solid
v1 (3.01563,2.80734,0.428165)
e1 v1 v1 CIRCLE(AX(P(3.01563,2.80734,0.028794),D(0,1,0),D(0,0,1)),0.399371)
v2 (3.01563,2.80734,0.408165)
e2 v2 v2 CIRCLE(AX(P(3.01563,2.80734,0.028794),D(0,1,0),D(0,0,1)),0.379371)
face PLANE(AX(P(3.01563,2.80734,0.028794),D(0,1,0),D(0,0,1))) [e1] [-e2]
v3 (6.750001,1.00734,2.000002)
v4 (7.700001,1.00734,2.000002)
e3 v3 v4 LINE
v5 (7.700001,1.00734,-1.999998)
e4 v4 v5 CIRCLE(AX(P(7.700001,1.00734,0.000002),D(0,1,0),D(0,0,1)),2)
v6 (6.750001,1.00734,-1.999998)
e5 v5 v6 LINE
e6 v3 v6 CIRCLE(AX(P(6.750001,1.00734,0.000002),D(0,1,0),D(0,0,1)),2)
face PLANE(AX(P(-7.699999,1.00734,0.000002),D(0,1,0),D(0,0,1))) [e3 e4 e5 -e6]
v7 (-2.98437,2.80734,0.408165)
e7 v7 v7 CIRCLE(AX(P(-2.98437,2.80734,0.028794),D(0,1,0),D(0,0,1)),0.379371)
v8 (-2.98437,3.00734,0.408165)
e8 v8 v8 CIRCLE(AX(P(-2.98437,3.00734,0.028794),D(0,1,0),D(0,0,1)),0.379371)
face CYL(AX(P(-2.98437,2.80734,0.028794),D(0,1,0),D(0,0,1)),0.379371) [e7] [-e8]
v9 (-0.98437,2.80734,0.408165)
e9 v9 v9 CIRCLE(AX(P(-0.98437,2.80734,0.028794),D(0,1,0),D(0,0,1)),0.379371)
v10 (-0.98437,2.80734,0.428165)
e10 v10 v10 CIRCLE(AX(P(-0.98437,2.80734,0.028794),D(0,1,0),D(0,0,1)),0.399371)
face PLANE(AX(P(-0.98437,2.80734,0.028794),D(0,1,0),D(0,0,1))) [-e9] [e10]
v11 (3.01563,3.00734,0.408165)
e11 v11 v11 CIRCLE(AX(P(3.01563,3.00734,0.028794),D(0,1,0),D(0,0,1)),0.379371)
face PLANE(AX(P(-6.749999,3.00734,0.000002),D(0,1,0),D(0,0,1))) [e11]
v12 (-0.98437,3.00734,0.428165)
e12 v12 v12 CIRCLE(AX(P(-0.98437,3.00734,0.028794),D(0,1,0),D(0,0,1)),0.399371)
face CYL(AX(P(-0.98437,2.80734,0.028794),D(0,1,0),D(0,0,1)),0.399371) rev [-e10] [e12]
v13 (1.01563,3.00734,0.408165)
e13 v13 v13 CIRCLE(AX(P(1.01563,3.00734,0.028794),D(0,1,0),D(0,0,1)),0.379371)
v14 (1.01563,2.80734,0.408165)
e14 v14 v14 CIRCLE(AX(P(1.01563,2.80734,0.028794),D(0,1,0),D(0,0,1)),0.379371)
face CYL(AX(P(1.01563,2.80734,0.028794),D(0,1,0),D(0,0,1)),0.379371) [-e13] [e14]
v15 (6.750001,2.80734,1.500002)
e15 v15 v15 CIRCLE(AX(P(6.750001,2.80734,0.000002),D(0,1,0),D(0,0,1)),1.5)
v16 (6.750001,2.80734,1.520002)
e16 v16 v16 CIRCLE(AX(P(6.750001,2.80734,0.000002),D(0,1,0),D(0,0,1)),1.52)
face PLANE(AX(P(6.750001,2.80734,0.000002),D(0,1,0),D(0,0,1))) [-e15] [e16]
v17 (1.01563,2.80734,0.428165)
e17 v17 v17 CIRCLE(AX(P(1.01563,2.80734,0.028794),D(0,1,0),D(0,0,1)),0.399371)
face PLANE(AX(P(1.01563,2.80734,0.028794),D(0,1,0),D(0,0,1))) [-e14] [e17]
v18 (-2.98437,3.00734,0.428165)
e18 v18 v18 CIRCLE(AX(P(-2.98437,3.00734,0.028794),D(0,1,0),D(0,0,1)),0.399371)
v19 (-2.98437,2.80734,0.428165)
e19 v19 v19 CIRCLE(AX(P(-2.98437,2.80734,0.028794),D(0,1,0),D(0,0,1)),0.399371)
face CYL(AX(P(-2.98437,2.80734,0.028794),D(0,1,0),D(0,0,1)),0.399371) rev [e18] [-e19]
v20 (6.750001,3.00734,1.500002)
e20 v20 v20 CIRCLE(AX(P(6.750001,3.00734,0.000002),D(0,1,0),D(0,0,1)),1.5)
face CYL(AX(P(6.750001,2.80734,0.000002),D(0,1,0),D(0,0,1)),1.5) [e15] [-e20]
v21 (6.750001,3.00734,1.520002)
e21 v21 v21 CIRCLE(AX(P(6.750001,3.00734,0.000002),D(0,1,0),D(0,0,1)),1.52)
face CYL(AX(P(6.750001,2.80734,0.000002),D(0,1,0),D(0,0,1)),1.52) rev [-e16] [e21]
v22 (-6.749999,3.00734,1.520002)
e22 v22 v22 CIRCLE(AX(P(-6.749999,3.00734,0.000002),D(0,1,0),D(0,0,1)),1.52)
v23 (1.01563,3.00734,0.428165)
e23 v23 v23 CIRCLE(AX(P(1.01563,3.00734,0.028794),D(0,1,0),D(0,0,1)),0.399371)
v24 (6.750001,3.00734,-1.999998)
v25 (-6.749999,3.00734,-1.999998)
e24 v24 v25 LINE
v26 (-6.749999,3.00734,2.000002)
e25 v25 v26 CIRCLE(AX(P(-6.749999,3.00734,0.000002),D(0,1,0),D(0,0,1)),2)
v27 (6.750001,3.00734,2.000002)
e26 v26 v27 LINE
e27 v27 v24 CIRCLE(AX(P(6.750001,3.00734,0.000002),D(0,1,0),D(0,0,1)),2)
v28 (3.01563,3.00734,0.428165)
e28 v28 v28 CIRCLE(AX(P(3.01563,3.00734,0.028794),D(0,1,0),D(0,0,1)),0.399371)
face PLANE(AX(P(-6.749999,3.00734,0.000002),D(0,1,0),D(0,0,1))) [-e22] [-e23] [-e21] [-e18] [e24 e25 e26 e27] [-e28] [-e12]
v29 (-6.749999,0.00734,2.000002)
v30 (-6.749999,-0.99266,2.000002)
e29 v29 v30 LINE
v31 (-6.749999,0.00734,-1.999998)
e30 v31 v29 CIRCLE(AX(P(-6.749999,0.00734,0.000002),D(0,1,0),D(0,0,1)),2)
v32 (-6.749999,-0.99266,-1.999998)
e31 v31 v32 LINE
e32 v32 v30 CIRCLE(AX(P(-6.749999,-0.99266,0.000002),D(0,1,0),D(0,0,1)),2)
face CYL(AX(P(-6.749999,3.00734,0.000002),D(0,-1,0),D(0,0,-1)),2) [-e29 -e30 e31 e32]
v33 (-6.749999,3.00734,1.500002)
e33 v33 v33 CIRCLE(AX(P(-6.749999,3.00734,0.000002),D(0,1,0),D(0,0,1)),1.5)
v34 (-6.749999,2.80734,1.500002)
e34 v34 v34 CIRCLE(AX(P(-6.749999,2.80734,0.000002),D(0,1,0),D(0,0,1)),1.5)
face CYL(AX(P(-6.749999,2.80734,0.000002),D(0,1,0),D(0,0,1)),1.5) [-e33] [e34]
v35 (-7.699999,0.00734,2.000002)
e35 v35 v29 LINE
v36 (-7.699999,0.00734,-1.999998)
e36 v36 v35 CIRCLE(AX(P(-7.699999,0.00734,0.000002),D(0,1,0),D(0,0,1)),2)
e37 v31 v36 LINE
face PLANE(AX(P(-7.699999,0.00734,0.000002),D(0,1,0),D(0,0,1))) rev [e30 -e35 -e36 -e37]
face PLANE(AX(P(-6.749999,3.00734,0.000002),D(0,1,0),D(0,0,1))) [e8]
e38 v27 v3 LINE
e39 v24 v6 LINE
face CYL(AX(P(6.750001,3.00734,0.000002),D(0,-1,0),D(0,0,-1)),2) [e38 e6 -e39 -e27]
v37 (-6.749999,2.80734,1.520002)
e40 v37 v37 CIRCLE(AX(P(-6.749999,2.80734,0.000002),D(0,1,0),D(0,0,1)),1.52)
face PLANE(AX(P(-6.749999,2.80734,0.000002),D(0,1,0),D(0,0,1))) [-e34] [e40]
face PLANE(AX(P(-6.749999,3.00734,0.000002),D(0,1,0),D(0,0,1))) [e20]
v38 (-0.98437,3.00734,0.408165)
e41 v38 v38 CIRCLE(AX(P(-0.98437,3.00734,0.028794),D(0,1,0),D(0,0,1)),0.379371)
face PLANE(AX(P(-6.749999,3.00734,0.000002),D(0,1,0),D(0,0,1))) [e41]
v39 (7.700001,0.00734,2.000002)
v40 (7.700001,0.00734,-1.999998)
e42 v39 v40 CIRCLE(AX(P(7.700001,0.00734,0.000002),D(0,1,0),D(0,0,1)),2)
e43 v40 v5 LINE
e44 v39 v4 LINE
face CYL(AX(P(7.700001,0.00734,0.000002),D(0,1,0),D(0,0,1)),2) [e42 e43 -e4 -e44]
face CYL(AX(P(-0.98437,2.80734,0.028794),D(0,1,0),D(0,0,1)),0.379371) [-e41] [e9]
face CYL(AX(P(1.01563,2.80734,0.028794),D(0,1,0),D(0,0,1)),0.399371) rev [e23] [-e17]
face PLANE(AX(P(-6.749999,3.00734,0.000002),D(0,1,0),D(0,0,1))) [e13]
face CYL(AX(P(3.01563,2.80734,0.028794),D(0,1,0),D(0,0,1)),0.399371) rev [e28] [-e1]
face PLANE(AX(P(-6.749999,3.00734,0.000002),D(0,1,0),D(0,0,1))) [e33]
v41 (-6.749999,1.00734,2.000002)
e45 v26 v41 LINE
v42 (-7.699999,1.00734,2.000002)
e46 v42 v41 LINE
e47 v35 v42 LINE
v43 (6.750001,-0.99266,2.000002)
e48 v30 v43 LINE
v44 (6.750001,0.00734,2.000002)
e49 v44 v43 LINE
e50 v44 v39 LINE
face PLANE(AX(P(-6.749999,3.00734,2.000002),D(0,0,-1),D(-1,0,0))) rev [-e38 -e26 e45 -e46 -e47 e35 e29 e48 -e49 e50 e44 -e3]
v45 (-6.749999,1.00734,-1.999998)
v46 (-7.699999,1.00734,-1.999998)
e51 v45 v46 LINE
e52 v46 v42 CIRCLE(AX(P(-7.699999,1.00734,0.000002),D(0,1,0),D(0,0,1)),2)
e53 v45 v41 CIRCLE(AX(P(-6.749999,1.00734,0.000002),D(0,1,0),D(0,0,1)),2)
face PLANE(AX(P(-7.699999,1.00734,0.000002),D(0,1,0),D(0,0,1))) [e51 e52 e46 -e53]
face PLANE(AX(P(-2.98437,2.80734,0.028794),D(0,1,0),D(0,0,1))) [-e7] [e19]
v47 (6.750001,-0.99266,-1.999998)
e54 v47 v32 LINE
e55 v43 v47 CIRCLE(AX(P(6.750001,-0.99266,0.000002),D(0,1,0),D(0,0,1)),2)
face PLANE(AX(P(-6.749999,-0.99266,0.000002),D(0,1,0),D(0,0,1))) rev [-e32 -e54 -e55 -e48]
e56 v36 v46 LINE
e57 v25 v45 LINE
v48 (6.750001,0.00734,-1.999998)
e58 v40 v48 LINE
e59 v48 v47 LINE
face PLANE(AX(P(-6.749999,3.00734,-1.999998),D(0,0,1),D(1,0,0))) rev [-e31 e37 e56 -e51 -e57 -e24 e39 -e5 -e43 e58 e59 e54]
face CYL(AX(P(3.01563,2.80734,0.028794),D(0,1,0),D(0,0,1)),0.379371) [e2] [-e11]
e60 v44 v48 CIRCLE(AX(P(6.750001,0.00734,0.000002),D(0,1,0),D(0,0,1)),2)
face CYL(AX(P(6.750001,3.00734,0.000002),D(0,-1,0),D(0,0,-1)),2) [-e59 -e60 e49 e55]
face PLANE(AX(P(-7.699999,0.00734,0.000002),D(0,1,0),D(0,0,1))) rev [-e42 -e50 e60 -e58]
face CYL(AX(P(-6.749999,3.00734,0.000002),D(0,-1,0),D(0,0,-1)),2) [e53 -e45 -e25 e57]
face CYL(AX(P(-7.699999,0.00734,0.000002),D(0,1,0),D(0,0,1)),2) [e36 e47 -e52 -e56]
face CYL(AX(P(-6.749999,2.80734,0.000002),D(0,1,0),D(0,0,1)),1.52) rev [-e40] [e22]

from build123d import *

# Parameters (mm, degrees)
BOSS_EXTRUDE1_DEPTH = 2
BOSS_EXTRUDE2_START = -1
BOSS_EXTRUDE2_DEPTH = 0.5
SKETCH3_R           = 0.76
SKETCH3_R_2         = 0.75
SKETCH3_R_3         = 0.199685651
SKETCH3_R_4         = 0.189685651
CUT_EXTRUDE1_DEPTH  = 0.1
SCALE1_SCALE        = 2


with BuildPart() as part:
    # Sketch1 → Boss-Extrude1 (new body)
    with BuildSketch(Plane(origin=(0, 0, 0), x_dir=(1, 0, 0), z_dir=(0, 1, 0))):
        with BuildLine():
            Line((-3.375, 1), (3.375, 1))
            ThreePointArc((3.375, 1), (4.375, 0), (3.375, -1))
            Line((3.375, -1), (-3.375, -1))
            ThreePointArc((-3.375, -1), (-4.375, 0), (-3.375, 1))
        make_face()
    extrude(amount=BOSS_EXTRUDE1_DEPTH)

    # Sketch2 → Boss-Extrude2 (add)
    with BuildSketch(Plane(origin=(0, 2, 0), x_dir=(1, 0, 0), z_dir=(0, 1, 0)).offset(BOSS_EXTRUDE2_START)):
        with BuildLine():
            Line((-3.85, 1), (3.85, 1))
            ThreePointArc((3.85, 1), (4.85, 0), (3.85, -1))
            Line((3.85, -1), (-3.85, -1))
            ThreePointArc((-3.85, -1), (-4.85, 0), (-3.85, 1))
        make_face()
    extrude(amount=-BOSS_EXTRUDE2_DEPTH)

    # Sketch3 → Cut-Extrude1 (cut)
    with BuildSketch(Plane(origin=(0, 2, 0), x_dir=(1, 0, 0), z_dir=(0, 1, 0))):
        with Locations((-3.375, 0)):
            Circle(SKETCH3_R)
        with Locations((-3.375, 0)):
            Circle(SKETCH3_R_2, mode=Mode.SUBTRACT)
        with Locations((-1.492185541, -0.014395915)):
            Circle(SKETCH3_R_3)
        with Locations((-1.492185541, -0.014395915)):
            Circle(SKETCH3_R_4, mode=Mode.SUBTRACT)
        with Locations((-0.492185541, -0.014395915)):
            Circle(SKETCH3_R_3)
        with Locations((-0.492185541, -0.014395915)):
            Circle(SKETCH3_R_4, mode=Mode.SUBTRACT)
        with Locations((0.507814459, -0.014395915)):
            Circle(SKETCH3_R_3)
        with Locations((0.507814459, -0.014395915)):
            Circle(SKETCH3_R_4, mode=Mode.SUBTRACT)
        with Locations((1.507814459, -0.014395915)):
            Circle(SKETCH3_R_3)
        with Locations((1.507814459, -0.014395915)):
            Circle(SKETCH3_R_4, mode=Mode.SUBTRACT)
        with Locations((3.375, 0)):
            Circle(SKETCH3_R)
        with Locations((3.375, 0)):
            Circle(SKETCH3_R_2, mode=Mode.SUBTRACT)
    extrude(amount=-CUT_EXTRUDE1_DEPTH, mode=Mode.SUBTRACT)


with BuildPart() as part_1:
    # Scale1: scaled about (-1.117e-06, 0.99266013, -2.058e-06)
    add(part.part.scale(SCALE1_SCALE).moved(Location((1.117e-06, -0.99266013, 2.058e-06))))


solid = part_1.part
